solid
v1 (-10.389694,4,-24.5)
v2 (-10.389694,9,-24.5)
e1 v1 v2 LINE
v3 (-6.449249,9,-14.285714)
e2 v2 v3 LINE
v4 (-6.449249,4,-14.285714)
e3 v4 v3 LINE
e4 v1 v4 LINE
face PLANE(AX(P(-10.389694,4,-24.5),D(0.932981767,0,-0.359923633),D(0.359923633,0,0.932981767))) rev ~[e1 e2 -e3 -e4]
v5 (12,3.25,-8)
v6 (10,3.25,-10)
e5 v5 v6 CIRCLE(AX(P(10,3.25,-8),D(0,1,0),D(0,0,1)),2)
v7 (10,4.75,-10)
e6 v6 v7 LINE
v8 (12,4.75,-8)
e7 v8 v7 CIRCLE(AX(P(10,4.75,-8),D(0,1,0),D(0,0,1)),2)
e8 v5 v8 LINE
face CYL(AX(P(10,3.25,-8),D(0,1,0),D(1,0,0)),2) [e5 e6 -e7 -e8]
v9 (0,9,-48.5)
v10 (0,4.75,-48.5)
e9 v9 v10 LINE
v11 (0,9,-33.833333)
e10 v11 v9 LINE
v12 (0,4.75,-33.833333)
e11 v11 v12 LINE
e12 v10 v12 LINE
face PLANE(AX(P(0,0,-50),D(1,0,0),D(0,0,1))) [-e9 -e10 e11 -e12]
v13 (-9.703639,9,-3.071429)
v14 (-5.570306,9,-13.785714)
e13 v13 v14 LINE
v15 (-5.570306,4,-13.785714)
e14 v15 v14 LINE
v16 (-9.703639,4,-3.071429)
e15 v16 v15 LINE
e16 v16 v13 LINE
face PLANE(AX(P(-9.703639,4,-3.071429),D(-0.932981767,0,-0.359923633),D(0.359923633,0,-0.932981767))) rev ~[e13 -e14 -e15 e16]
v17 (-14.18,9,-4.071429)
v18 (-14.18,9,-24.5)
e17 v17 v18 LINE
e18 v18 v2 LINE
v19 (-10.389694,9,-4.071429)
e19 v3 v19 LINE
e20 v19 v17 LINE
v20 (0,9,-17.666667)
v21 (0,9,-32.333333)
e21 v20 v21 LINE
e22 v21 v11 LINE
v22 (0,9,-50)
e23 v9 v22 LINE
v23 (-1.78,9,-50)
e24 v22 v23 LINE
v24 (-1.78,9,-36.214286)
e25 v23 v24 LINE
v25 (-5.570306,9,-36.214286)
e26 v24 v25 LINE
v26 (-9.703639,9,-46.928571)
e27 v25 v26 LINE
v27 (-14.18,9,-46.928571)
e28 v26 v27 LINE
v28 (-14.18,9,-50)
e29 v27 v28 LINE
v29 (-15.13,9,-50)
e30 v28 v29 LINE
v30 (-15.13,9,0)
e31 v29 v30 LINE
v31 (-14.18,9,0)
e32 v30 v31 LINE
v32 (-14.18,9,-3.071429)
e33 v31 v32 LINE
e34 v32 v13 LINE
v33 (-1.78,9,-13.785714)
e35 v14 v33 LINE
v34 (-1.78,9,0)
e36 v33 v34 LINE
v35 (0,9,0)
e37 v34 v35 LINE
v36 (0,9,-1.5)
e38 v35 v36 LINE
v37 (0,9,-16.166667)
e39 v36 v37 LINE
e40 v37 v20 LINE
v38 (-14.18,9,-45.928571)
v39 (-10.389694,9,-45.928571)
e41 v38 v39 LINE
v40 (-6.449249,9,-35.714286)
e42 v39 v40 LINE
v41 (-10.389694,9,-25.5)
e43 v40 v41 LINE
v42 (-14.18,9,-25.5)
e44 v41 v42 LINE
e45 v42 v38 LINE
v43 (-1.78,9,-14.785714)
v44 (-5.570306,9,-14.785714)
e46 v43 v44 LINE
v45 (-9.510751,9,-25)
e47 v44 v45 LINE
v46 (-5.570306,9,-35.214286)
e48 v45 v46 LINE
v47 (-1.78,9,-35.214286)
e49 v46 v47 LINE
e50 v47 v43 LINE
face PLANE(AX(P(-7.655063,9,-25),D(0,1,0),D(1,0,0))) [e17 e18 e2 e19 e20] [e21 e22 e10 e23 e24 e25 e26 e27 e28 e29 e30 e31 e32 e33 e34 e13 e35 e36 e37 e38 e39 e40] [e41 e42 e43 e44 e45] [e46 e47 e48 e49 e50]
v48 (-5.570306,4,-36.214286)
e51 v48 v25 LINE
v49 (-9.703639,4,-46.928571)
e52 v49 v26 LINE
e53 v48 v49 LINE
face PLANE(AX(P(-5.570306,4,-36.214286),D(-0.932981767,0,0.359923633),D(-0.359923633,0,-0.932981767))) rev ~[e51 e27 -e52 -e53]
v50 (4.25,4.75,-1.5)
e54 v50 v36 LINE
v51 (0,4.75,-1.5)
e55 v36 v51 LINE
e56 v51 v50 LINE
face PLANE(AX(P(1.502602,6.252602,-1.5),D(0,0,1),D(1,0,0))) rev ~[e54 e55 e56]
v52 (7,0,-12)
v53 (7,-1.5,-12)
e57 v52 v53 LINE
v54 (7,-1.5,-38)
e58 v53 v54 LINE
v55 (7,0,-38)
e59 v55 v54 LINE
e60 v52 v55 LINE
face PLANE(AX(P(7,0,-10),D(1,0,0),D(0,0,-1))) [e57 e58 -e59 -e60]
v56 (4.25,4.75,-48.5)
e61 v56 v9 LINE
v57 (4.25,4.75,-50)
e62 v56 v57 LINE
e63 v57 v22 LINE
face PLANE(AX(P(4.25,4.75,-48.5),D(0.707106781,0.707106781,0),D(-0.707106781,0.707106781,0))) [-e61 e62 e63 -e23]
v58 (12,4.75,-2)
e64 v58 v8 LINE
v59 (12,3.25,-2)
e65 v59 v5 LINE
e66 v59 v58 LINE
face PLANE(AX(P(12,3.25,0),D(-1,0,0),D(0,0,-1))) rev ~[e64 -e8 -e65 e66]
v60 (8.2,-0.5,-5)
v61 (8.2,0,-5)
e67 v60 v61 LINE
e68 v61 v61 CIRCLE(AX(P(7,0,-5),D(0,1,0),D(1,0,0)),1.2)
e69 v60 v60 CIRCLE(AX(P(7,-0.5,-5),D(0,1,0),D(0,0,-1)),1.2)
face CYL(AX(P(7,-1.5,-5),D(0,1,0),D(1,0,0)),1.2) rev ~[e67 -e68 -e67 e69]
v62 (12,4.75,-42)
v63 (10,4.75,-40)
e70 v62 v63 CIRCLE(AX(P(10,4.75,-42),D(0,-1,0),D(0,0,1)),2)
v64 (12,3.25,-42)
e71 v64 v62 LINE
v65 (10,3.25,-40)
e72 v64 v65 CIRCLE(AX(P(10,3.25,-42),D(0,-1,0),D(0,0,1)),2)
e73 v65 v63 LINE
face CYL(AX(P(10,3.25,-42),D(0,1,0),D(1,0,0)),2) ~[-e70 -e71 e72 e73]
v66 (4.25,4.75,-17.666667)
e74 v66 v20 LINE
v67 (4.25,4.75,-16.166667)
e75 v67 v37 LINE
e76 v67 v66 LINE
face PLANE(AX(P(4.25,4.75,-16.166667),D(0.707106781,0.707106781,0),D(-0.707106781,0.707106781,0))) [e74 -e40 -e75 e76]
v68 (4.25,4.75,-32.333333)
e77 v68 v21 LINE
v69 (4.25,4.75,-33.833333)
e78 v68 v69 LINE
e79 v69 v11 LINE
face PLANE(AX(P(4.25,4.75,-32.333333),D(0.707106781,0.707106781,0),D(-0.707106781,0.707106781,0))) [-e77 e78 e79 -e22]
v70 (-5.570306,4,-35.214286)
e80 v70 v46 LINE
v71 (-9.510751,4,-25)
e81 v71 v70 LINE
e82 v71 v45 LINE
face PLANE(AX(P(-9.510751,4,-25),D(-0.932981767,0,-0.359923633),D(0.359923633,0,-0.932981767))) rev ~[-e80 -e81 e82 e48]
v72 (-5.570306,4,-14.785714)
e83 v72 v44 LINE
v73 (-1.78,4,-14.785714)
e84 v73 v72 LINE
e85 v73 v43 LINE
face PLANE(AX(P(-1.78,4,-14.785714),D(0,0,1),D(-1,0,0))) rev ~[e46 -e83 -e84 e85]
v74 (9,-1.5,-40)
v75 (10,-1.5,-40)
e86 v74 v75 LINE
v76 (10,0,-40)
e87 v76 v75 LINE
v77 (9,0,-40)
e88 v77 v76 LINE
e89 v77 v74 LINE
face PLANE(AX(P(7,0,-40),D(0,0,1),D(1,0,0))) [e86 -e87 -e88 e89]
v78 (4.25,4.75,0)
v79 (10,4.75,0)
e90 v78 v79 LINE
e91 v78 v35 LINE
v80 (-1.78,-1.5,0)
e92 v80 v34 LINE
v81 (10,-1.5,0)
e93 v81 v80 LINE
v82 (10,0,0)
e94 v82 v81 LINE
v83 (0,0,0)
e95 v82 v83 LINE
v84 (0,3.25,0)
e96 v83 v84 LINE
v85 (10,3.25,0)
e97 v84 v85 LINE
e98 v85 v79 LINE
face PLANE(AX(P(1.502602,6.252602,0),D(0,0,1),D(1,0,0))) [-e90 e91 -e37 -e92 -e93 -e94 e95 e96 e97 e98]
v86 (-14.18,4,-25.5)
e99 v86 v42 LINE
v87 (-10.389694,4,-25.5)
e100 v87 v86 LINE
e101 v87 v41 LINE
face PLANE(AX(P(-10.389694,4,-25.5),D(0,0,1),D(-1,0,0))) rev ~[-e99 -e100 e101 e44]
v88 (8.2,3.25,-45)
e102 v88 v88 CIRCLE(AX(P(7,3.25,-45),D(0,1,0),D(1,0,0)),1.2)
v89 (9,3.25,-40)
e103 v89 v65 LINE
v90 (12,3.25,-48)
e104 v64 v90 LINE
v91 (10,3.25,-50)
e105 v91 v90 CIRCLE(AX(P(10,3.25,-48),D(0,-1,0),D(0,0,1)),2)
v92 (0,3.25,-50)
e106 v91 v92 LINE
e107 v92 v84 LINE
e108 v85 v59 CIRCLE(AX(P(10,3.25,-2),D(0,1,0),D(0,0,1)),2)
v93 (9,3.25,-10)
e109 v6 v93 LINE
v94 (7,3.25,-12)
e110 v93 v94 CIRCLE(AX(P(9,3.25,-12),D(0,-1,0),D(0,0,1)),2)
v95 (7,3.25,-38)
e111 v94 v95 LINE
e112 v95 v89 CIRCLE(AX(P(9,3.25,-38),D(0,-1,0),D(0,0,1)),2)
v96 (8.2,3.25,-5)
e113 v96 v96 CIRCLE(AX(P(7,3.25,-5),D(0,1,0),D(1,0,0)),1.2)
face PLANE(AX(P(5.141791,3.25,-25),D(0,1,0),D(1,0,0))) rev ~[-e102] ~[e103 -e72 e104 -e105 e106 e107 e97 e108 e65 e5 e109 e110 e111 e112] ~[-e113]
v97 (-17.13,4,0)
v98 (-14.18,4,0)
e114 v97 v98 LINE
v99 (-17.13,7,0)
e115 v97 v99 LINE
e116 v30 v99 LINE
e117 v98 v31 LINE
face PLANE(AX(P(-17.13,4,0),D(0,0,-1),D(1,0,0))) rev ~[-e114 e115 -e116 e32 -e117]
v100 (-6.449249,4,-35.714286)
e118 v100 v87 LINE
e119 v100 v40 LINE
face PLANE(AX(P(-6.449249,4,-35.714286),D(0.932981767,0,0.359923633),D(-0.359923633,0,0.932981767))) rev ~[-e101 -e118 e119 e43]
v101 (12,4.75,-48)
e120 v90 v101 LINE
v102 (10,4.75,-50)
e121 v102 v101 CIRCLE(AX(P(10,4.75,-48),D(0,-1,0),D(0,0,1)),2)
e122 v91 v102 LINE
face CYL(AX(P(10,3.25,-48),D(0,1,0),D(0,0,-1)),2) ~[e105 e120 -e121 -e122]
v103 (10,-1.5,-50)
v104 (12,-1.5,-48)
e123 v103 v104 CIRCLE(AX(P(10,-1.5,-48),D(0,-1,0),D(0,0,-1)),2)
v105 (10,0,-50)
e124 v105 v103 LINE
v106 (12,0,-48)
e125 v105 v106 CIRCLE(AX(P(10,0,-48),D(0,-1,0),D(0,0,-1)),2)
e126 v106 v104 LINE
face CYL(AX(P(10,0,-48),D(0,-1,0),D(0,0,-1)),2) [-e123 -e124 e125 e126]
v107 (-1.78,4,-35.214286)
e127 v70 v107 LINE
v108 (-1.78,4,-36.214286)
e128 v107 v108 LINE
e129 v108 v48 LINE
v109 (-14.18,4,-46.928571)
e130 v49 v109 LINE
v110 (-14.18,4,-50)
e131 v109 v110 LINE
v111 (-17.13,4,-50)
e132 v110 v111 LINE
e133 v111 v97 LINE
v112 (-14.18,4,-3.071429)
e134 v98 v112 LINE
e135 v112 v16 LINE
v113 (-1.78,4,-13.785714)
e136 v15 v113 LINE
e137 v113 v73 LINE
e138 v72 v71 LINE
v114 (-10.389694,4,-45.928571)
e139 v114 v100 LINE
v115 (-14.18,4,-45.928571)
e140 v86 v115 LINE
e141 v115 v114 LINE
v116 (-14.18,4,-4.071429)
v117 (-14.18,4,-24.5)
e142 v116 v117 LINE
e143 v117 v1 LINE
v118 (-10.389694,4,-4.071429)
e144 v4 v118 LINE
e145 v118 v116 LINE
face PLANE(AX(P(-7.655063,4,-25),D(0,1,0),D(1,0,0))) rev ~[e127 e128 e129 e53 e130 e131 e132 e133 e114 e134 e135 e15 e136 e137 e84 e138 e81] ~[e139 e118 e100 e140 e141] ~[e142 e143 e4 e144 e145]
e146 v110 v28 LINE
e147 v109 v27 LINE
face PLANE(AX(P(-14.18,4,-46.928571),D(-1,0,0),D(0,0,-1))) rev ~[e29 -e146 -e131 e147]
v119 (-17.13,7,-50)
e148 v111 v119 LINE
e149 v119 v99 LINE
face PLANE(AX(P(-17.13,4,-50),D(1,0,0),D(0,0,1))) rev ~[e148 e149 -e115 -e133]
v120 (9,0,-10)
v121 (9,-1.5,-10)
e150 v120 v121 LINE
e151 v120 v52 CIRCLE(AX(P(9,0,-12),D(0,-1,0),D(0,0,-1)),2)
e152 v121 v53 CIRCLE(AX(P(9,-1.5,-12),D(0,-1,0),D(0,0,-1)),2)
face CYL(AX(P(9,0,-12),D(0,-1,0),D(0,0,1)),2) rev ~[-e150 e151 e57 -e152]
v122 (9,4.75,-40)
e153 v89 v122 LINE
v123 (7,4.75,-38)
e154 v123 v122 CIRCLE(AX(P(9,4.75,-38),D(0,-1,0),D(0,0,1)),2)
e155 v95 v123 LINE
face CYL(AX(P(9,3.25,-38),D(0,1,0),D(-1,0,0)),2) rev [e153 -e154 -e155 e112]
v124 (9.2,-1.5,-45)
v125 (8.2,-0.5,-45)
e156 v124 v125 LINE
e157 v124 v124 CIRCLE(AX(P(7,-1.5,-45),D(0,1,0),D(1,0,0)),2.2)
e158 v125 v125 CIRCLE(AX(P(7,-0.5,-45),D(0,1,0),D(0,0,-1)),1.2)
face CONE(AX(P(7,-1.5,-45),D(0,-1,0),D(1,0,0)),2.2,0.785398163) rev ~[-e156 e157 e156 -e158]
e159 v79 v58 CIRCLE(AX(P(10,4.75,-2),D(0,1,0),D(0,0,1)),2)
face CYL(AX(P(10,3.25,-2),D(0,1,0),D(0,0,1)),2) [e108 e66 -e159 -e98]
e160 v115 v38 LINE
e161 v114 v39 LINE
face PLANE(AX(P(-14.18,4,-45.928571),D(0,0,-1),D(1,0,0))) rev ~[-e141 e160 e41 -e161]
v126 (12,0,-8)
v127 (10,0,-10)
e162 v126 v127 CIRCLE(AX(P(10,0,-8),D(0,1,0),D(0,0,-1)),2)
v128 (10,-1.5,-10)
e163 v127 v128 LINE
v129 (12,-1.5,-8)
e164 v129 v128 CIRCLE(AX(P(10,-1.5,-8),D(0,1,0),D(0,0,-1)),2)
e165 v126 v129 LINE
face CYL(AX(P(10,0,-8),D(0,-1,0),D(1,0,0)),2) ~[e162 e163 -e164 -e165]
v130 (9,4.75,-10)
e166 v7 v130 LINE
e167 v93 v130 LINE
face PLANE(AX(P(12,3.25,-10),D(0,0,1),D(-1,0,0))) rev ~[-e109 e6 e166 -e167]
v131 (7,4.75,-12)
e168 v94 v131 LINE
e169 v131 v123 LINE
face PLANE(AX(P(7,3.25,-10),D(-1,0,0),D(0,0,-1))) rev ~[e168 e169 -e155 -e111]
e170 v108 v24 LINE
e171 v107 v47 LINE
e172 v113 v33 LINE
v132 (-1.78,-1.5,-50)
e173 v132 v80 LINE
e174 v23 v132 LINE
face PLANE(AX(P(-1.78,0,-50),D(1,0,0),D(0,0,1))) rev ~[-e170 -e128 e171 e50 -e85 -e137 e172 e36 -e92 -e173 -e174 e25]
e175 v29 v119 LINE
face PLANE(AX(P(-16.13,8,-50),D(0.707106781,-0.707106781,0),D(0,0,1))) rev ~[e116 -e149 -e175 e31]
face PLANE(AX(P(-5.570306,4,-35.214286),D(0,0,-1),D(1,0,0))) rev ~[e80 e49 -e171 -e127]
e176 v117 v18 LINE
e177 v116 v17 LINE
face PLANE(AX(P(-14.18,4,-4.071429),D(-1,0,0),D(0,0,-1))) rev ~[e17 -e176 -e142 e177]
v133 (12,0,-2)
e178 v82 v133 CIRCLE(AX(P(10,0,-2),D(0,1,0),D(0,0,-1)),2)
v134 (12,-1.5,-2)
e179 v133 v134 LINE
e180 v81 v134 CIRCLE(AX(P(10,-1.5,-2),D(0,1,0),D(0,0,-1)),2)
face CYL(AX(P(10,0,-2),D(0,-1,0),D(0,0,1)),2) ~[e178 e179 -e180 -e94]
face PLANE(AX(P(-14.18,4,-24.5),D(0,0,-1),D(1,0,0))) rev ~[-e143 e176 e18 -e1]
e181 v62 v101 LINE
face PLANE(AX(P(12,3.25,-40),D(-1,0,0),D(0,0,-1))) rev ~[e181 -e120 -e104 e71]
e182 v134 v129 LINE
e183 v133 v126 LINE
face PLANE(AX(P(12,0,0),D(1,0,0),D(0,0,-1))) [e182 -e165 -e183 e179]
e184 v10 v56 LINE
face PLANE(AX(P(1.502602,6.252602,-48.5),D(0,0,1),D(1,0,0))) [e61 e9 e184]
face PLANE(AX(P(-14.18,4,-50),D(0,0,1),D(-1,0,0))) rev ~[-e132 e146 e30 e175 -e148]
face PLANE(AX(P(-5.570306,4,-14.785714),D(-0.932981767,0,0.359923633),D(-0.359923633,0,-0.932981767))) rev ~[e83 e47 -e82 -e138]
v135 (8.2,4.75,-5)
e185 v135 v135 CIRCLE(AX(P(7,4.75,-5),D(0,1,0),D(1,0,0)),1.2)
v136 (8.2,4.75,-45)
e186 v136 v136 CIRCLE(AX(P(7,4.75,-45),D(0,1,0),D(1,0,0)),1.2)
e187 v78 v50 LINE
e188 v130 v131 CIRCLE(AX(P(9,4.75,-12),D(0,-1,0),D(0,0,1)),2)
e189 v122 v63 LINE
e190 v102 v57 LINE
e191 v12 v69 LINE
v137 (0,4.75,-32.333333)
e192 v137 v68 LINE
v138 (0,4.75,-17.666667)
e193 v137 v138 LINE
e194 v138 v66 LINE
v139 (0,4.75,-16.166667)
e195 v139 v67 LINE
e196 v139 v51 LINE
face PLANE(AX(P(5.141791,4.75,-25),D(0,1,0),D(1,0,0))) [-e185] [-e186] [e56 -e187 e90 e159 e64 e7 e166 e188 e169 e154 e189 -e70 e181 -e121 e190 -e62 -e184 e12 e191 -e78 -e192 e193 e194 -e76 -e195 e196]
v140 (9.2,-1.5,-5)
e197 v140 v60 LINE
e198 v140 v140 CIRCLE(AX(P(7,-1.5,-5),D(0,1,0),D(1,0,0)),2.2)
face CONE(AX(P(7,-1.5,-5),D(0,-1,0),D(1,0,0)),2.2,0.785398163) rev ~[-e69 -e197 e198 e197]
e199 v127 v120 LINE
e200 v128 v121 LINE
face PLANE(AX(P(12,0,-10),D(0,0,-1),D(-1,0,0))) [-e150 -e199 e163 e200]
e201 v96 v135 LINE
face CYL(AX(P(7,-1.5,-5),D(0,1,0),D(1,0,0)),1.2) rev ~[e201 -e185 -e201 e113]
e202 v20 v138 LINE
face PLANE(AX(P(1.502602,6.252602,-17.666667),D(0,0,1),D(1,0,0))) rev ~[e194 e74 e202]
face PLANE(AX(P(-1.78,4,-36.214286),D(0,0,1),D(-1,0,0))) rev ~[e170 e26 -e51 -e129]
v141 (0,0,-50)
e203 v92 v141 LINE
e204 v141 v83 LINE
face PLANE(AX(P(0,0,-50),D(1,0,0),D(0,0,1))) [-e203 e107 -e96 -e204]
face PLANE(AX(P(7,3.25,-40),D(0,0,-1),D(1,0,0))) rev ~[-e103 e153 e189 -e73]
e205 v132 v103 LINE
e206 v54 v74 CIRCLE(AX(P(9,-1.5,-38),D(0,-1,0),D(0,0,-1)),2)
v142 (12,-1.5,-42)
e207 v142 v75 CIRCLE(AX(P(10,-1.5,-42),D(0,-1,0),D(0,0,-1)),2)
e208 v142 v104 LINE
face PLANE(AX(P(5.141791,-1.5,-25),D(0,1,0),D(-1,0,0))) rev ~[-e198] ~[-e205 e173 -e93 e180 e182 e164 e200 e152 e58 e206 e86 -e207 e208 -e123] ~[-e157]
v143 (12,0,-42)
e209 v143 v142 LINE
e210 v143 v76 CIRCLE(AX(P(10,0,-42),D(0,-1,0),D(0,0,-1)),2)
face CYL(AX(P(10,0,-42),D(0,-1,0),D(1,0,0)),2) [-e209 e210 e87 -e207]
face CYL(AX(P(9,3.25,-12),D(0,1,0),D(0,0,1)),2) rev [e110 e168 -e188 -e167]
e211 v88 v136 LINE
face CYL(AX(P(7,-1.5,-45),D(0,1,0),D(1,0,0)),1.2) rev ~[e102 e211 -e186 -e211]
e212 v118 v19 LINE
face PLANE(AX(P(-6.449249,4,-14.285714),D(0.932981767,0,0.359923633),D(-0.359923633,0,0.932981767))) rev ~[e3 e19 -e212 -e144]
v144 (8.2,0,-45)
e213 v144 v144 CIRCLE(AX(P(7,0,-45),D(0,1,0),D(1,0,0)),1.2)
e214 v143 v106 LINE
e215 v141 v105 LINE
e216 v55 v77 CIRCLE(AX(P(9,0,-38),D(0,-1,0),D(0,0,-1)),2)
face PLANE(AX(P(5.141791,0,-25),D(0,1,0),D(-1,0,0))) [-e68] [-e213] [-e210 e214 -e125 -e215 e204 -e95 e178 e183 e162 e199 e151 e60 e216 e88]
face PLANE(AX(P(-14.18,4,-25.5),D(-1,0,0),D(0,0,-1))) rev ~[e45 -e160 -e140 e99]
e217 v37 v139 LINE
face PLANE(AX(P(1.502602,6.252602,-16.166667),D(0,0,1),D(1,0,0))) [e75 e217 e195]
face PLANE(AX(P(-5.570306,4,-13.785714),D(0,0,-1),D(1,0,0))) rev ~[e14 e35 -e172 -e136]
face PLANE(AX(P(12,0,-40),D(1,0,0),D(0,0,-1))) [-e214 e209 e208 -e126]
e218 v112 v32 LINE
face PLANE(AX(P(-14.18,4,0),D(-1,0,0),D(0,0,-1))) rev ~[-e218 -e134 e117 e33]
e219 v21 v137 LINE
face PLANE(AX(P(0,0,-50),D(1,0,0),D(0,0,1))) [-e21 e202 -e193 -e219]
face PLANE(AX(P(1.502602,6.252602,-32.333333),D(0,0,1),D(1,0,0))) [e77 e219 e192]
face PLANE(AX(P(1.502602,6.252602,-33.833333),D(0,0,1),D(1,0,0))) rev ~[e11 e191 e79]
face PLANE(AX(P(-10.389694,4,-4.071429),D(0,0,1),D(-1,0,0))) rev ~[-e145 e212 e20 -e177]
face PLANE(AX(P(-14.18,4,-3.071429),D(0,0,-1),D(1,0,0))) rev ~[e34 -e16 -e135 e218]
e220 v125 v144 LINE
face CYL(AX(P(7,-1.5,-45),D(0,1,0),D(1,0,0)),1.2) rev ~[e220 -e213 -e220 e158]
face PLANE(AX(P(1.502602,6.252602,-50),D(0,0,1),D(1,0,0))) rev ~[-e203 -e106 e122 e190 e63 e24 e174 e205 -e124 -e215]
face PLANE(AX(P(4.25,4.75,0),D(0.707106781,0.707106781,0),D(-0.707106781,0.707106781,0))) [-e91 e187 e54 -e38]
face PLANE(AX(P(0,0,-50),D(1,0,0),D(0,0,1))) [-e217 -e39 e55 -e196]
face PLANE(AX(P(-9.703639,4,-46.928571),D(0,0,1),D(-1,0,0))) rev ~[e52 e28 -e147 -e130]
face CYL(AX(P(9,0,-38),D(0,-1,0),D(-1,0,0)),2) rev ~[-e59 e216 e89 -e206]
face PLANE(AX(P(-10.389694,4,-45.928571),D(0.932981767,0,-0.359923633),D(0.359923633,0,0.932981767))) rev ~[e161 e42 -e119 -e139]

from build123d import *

# Parameters (mm, degrees)
BOSS_EXTRUDE1_DEPTH                             = 5
BOSS_EXTRUDE3_DEPTH                             = 1.5
BOSS_EXTRUDE4_REACH                             = 55.614
SKETCH5_3_W                                     = 1.78
SKETCH5_3_H                                     = 50
BOSS_EXTRUDE5_DEPTH                             = 1.5
FILLET1_R                                       = 2
CSK_FOR_M2_FLAT_HEAD_MACHINE_SCREW2_D           = 2.4
CSK_FOR_M2_FLAT_HEAD_MACHINE_SCREW2_CSINK_D     = 4.4
CSK_FOR_M2_FLAT_HEAD_MACHINE_SCREW2_CSINK_ANGLE = 90
CHAMFER1_SIZE                                   = 2
BOSS_EXTRUDE6_DEPTH                             = 1.5
LPATTERN1_COUNT                                 = 4
LPATTERN1_PITCH                                 = 16.166666667


with BuildPart() as part:
    # Sketch1 → Boss-Extrude1 (new body)
    with BuildSketch(Plane(origin=(0, 4, 0), x_dir=(1, 0, 0), z_dir=(0, 1, 0))):
        Polygon((-14.18, 46.928571429), (-14.18, 50), (-17.13, 50), (-17.13, 0), (-14.18, 0), (-14.18, 3.071428571), (-9.703639402, 3.071428571), (-5.570306069, 13.785714286), (-1.78, 13.785714286), (-1.78, 0), (0, 0), (0, 50), (-1.78, 50), (-1.78, 36.214285714), (-5.570306069, 36.214285714), (-9.703639402, 46.928571429), align=None)
        Polygon((-14.18, 4.071428571), (-14.18, 24.5), (-10.389693931, 24.5), (-6.449249487, 14.285714286), (-10.389693931, 4.071428571), align=None, mode=Mode.SUBTRACT)
        Polygon((-10.389693931, 45.928571429), (-6.449249487, 35.714285714), (-10.389693931, 25.5), (-14.18, 25.5), (-14.18, 45.928571429), align=None, mode=Mode.SUBTRACT)
        Polygon((-5.570306069, 14.785714286), (-9.510750513, 25), (-5.570306069, 35.214285714), (-1.78, 35.214285714), (-1.78, 14.785714286), align=None, mode=Mode.SUBTRACT)
    extrude(amount=BOSS_EXTRUDE1_DEPTH)

    # Sketch5<3> → Boss-Extrude4 (add, up to next)
    with BuildSketch(Plane.XZ, mode=Mode.PRIVATE) as boss_extrude4_sk1:
        with Locations((-0.89, -25)):
            Rectangle(SKETCH5_3_W, SKETCH5_3_H)
    boss_extrude4_tool1 = extrude(boss_extrude4_sk1.sketch, amount=-BOSS_EXTRUDE4_REACH, mode=Mode.PRIVATE) - part.part


with BuildPart() as body_2:
    # Sketch5 → Boss-Extrude3 (new body)
    with BuildSketch(Plane.XZ):
        Polygon((12, -50), (12, -40), (7, -40), (7, -10), (12, -10), (12, 0), (-1.78, 0), (-1.78, -50), align=None)
    extrude(amount=BOSS_EXTRUDE3_DEPTH)


with BuildPart() as part_1:
    add(part.part)

    add(body_2.part)  # Boss-Extrude4 merges body 2
    add(boss_extrude4_tool1.solids().sort_by_distance((-0.89, 0, -25))[0])

    # Sketch7 → Boss-Extrude5 (add)
    with BuildSketch(Plane(origin=(0, 3.25, 0), x_dir=(1, 0, 0), z_dir=(0, 1, 0))):
        Polygon((12, 40), (12, 50), (0, 50), (0, 0), (12, 0), (12, 10), (7, 10), (7, 40), align=None)
    extrude(amount=BOSS_EXTRUDE5_DEPTH)

    # Fillet1
    fillet1_edges = [part_1.edges().sort_by_distance(p)[0] for p in [
        (12, -0.75, -10),
        (7, -0.75, -10),
        (7, -0.75, -40),
        (12, -0.75, -40),
        (12, -0.75, -50),
        (12, -0.75, 0),
        (12, 4, -50),
        (12, 4, -40),
        (7, 4, -40),
        (7, 4, -10),
        (12, 4, -10),
        (12, 4, 0),
    ]]
    fillet(fillet1_edges, radius=FILLET1_R)

    # CSK for M2 Flat Head Machine Screw2 (through all)
    with Locations(Plane(origin=(0, -1.5, 0), x_dir=(-1, 0, 0), z_dir=(0, -1, 0))):
        with Locations((-7, 45), (-7, 5)):
            CounterSinkHole(CSK_FOR_M2_FLAT_HEAD_MACHINE_SCREW2_D / 2, CSK_FOR_M2_FLAT_HEAD_MACHINE_SCREW2_CSINK_D / 2, counter_sink_angle=CSK_FOR_M2_FLAT_HEAD_MACHINE_SCREW2_CSINK_ANGLE)

    # Chamfer1
    chamfer1_edges = [part_1.edges().sort_by_distance(p)[0] for p in [
        (-17.13, 9, -25),
    ]]
    chamfer(chamfer1_edges, length=CHAMFER1_SIZE)

    # Sketch11 → Boss-Extrude6 (add)
    with BuildSketch(Plane.XY):
        Polygon((0, 9), (0, 4.75), (4.25, 4.75), align=None)
    boss_extrude6 = extrude(amount=-BOSS_EXTRUDE6_DEPTH)

    # LPattern1: Boss-Extrude6 ×4
    with Locations(*[(0, 0, -i * LPATTERN1_PITCH) for i in range(1, LPATTERN1_COUNT)]):
        add(boss_extrude6)


solid = part_1.part
